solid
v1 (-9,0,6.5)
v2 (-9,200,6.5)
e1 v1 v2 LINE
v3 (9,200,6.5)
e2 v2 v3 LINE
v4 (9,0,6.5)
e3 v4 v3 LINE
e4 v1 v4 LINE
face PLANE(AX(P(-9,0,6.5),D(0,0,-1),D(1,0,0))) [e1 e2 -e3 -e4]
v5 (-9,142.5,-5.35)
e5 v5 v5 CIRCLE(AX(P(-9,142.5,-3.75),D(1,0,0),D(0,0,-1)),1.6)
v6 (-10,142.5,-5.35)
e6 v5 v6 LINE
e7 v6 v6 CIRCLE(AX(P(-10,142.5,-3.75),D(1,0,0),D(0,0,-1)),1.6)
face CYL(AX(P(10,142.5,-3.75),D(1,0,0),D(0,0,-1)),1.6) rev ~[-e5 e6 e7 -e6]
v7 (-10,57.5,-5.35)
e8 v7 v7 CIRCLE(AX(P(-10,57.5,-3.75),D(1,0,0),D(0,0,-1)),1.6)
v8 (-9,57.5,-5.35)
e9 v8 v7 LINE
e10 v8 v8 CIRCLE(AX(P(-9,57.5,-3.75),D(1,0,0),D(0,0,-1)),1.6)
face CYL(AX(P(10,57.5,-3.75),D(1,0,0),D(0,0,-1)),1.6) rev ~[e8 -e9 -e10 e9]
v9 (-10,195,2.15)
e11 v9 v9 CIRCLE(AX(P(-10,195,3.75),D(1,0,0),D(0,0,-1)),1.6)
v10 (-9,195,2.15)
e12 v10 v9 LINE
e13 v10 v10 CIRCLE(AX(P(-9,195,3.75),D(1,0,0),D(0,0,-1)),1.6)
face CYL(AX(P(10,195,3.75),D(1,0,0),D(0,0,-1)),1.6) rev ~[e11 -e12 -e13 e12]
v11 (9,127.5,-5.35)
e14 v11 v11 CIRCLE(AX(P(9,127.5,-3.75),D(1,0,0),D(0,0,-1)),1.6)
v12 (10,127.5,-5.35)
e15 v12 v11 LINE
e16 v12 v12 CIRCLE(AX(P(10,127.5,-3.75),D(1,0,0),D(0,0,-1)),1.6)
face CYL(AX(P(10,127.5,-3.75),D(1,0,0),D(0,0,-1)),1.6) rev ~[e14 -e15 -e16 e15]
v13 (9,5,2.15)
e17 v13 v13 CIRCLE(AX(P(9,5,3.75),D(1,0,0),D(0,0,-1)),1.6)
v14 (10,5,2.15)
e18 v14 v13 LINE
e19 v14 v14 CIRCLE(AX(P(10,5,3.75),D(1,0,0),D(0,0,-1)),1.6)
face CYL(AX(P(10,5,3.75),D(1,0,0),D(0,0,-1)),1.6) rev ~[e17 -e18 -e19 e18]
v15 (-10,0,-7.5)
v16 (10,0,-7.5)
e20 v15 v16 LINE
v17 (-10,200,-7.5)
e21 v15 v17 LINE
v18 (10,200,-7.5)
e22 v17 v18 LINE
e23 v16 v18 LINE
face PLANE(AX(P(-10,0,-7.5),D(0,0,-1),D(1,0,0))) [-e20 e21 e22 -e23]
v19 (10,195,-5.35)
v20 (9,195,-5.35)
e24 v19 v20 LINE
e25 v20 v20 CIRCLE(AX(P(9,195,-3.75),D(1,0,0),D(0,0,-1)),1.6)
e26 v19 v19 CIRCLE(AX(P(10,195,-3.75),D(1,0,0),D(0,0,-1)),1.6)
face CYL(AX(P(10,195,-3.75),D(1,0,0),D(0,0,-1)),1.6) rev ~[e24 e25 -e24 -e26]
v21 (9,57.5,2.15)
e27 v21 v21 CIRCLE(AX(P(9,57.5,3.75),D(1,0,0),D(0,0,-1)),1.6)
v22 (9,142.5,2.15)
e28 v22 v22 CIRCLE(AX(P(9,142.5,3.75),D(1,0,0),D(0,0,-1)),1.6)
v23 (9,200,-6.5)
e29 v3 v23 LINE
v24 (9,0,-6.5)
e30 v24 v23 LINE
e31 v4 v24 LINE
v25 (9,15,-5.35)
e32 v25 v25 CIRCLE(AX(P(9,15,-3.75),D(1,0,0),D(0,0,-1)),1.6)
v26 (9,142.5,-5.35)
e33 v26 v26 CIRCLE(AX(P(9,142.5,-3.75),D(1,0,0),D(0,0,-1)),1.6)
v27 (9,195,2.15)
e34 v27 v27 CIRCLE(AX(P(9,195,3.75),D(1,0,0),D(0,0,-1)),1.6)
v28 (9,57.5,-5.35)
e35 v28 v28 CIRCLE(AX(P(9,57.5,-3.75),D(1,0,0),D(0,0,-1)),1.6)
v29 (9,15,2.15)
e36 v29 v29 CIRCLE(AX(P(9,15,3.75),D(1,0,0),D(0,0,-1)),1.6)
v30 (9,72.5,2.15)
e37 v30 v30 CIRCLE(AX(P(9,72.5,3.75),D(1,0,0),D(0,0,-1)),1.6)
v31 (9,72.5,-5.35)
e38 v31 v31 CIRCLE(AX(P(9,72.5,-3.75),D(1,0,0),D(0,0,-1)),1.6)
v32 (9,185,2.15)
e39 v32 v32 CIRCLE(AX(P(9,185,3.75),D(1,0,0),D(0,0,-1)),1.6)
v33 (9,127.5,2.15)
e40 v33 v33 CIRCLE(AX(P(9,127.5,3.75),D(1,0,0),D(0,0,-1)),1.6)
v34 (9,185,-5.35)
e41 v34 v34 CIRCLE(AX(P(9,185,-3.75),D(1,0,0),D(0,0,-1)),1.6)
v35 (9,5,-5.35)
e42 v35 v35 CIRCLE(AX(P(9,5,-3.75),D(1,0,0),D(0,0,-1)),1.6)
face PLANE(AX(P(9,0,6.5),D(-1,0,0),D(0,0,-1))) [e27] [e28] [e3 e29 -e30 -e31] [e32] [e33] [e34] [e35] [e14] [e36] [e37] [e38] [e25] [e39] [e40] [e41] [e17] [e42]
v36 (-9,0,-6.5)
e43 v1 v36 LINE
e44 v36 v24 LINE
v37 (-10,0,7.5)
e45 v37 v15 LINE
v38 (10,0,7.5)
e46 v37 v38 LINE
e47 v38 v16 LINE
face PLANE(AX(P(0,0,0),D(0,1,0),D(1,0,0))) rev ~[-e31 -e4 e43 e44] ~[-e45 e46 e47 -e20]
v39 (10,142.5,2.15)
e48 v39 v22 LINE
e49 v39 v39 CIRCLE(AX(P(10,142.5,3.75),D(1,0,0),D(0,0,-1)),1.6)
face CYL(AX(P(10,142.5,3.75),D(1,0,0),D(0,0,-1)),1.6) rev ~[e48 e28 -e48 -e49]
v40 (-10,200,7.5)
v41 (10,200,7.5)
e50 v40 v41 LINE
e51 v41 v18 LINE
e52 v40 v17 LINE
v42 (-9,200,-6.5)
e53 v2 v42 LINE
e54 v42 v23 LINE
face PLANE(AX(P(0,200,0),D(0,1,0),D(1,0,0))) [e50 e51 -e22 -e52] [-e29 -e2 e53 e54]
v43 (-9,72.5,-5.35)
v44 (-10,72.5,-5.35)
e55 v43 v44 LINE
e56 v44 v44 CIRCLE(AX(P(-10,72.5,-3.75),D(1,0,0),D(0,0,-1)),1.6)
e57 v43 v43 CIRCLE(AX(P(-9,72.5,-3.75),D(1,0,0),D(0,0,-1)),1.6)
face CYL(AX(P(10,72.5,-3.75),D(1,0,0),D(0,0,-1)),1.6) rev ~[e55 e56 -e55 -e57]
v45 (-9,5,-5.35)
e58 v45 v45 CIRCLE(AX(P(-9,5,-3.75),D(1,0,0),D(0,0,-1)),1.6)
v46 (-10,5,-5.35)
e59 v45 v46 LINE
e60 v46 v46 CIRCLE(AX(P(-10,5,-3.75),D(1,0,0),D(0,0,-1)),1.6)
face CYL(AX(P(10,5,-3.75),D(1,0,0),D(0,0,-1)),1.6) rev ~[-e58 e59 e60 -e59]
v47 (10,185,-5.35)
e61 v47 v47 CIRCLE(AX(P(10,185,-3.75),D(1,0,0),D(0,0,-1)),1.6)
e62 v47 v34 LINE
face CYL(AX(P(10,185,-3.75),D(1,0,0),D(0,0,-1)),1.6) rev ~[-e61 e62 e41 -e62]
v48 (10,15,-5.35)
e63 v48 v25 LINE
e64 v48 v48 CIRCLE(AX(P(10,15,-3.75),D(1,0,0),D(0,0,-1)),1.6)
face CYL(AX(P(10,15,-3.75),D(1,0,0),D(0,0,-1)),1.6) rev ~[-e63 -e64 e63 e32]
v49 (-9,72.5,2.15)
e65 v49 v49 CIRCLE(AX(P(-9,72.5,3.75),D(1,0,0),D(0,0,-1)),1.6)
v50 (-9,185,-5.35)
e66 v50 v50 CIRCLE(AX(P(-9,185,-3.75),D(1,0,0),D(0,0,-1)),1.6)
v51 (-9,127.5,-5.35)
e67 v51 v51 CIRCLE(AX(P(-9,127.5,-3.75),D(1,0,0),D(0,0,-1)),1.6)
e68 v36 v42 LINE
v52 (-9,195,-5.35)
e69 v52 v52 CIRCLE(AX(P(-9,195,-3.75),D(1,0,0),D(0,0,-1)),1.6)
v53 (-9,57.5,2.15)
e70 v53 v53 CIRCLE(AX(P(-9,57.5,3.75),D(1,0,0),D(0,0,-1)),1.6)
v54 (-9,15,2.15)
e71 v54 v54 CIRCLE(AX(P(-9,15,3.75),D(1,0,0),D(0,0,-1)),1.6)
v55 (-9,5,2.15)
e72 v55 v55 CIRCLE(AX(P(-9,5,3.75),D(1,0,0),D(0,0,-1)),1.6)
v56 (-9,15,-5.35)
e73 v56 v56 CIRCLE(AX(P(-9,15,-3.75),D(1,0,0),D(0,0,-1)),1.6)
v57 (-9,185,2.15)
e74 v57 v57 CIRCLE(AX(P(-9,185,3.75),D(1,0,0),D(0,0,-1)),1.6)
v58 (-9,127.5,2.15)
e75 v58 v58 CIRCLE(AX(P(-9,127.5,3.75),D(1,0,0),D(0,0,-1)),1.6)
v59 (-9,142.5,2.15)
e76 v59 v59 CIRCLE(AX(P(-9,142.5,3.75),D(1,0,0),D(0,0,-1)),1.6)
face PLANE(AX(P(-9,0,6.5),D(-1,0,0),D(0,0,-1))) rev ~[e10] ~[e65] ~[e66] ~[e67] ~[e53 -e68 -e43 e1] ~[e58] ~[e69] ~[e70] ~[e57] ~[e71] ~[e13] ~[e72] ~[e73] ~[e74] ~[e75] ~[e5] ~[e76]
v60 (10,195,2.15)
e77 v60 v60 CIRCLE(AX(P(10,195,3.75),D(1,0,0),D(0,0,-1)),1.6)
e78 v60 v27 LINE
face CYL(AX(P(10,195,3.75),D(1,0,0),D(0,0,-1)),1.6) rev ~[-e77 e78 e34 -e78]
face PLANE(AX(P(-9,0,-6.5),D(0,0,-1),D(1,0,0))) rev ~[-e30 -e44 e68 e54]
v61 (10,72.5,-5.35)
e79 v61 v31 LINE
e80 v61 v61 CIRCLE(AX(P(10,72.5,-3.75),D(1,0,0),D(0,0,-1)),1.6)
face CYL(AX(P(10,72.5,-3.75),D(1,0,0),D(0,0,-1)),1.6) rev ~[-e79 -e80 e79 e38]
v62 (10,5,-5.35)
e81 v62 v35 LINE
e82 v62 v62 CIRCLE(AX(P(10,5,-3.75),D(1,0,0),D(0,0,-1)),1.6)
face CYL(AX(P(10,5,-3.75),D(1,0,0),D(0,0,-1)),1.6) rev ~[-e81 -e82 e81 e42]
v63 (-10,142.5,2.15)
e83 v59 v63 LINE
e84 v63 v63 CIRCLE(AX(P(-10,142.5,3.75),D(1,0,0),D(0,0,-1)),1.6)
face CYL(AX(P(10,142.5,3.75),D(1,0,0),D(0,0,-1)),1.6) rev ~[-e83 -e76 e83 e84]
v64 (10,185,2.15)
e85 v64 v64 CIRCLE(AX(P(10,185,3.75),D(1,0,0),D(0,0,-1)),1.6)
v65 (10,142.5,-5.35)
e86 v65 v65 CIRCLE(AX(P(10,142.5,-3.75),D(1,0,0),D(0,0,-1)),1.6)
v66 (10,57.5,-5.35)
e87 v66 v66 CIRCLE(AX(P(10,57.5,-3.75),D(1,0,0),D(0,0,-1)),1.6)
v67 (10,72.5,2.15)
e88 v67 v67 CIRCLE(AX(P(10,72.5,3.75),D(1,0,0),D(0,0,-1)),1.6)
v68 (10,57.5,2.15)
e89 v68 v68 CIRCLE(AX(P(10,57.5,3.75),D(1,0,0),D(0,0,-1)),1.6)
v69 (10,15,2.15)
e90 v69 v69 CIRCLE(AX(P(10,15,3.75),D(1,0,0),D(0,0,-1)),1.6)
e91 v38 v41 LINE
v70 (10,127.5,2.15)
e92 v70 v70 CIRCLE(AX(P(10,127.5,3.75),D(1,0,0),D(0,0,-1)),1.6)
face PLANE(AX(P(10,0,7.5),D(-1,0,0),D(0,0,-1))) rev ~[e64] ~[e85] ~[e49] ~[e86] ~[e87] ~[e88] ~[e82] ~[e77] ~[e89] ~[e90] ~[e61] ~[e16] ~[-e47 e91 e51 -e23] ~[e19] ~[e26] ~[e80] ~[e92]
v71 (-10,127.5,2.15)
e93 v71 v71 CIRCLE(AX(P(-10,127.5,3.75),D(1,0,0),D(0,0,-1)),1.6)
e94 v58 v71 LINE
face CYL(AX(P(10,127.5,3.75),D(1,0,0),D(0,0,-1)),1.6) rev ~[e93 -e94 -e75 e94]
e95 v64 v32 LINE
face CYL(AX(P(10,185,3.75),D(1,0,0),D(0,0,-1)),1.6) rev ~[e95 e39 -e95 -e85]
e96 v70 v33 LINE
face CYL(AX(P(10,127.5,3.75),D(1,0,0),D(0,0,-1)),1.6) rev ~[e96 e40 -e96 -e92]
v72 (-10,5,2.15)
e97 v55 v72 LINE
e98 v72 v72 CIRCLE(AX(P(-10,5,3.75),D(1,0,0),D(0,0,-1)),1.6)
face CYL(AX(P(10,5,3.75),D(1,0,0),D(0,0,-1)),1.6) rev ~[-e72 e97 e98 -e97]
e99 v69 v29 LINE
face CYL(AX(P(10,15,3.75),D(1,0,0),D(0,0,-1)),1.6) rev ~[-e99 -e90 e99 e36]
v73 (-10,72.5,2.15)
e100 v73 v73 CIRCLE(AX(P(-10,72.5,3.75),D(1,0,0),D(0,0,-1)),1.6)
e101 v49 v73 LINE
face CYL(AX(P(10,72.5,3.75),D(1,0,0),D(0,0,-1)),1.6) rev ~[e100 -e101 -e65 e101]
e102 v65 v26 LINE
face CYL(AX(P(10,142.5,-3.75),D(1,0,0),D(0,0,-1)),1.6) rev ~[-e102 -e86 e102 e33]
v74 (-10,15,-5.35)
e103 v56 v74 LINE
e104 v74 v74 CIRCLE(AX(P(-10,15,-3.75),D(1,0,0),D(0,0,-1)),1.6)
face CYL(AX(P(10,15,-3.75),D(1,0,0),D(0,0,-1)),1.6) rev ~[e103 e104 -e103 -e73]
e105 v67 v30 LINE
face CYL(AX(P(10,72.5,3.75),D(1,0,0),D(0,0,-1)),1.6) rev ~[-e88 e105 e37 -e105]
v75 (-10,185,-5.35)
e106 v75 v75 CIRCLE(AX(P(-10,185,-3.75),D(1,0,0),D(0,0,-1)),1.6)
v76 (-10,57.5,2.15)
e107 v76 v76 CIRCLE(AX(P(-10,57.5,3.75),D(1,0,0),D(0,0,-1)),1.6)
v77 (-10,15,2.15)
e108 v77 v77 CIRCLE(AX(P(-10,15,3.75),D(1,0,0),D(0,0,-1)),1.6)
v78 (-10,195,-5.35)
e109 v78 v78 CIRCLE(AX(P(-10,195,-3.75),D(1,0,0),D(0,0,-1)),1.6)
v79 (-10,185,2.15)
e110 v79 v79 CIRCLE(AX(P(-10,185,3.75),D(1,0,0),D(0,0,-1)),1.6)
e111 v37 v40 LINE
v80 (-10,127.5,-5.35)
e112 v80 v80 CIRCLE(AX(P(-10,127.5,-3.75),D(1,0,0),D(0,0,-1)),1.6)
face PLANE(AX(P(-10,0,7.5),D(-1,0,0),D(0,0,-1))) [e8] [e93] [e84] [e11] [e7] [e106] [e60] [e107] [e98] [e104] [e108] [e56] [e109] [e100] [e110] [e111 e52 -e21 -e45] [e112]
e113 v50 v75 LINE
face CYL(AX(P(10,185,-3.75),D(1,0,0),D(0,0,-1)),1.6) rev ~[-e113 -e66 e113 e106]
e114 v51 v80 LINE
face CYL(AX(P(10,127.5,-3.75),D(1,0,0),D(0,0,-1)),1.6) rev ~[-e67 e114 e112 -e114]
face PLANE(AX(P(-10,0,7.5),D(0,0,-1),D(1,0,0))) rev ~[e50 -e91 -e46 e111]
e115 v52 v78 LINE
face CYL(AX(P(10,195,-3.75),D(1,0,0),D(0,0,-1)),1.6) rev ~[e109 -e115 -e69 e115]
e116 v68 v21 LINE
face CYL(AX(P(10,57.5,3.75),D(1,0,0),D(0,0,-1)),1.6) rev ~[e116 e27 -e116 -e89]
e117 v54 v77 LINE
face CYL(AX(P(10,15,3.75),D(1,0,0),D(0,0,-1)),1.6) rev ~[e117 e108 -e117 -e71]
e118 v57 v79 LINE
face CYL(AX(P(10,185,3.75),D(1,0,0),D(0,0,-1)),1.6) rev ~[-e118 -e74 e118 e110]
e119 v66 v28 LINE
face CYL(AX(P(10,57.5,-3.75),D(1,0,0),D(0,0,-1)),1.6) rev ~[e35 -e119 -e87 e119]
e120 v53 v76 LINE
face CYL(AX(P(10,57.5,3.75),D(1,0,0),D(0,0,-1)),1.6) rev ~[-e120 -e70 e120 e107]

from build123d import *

# Parameters (mm, degrees)
SKETCH_1_W          = 20
SKETCH_1_H          = 15
SKETCH_1_W_2        = 18
SKETCH_1_H_2        = 13
EXTRUDE_1_DEPTH     = 200
SKETCH_3_R          = 1.6
CUT_EXTRUDE_1_DEPTH = 202.137390855
SKETCH_4_R          = 1.6
CUT_EXTRUDE_2_DEPTH = 202.137390855


with BuildPart() as part:
    # 草图1 → 拉伸-薄壁1 (new body)
    with BuildSketch(Plane(origin=(0, 0, 0), x_dir=(1, 0, 0), z_dir=(0, 1, 0))):
        Rectangle(SKETCH_1_W, SKETCH_1_H)
        Rectangle(SKETCH_1_W_2, SKETCH_1_H_2, mode=Mode.SUBTRACT)
    extrude(amount=EXTRUDE_1_DEPTH)

    # 草图3 → 切除-拉伸1 (cut, through all)
    with BuildSketch(Plane(origin=(10, 0, 0), x_dir=(0, 0, -1), z_dir=(1, 0, 0))):
        with Locations((-3.75, 142.5)):
            Circle(SKETCH_3_R)
        with Locations((-3.75, 127.5)):
            Circle(SKETCH_3_R)
        with Locations((3.75, 127.5)):
            Circle(SKETCH_3_R)
        with Locations((3.75, 142.5)):
            Circle(SKETCH_3_R)
        with Locations((-3.75, 72.5)):
            Circle(SKETCH_3_R)
        with Locations((3.75, 72.5)):
            Circle(SKETCH_3_R)
        with Locations((3.75, 57.5)):
            Circle(SKETCH_3_R)
        with Locations((-3.75, 57.5)):
            Circle(SKETCH_3_R)
    extrude(amount=-CUT_EXTRUDE_1_DEPTH, mode=Mode.SUBTRACT)

    # 草图4 → 切除-拉伸2 (cut, through all)
    with BuildSketch(Plane(origin=(10, 0, 0), x_dir=(0, 0, -1), z_dir=(1, 0, 0))):
        with Locations((-3.75, 5)):
            Circle(SKETCH_4_R)
        with Locations((-3.75, 15)):
            Circle(SKETCH_4_R)
        with Locations((3.75, 5)):
            Circle(SKETCH_4_R)
        with Locations((3.75, 15)):
            Circle(SKETCH_4_R)
        with Locations((3.75, 185)):
            Circle(SKETCH_4_R)
        with Locations((3.75, 195)):
            Circle(SKETCH_4_R)
        with Locations((-3.75, 185)):
            Circle(SKETCH_4_R)
        with Locations((-3.75, 195)):
            Circle(SKETCH_4_R)
    extrude(amount=-CUT_EXTRUDE_2_DEPTH, mode=Mode.SUBTRACT)


solid = part.part
